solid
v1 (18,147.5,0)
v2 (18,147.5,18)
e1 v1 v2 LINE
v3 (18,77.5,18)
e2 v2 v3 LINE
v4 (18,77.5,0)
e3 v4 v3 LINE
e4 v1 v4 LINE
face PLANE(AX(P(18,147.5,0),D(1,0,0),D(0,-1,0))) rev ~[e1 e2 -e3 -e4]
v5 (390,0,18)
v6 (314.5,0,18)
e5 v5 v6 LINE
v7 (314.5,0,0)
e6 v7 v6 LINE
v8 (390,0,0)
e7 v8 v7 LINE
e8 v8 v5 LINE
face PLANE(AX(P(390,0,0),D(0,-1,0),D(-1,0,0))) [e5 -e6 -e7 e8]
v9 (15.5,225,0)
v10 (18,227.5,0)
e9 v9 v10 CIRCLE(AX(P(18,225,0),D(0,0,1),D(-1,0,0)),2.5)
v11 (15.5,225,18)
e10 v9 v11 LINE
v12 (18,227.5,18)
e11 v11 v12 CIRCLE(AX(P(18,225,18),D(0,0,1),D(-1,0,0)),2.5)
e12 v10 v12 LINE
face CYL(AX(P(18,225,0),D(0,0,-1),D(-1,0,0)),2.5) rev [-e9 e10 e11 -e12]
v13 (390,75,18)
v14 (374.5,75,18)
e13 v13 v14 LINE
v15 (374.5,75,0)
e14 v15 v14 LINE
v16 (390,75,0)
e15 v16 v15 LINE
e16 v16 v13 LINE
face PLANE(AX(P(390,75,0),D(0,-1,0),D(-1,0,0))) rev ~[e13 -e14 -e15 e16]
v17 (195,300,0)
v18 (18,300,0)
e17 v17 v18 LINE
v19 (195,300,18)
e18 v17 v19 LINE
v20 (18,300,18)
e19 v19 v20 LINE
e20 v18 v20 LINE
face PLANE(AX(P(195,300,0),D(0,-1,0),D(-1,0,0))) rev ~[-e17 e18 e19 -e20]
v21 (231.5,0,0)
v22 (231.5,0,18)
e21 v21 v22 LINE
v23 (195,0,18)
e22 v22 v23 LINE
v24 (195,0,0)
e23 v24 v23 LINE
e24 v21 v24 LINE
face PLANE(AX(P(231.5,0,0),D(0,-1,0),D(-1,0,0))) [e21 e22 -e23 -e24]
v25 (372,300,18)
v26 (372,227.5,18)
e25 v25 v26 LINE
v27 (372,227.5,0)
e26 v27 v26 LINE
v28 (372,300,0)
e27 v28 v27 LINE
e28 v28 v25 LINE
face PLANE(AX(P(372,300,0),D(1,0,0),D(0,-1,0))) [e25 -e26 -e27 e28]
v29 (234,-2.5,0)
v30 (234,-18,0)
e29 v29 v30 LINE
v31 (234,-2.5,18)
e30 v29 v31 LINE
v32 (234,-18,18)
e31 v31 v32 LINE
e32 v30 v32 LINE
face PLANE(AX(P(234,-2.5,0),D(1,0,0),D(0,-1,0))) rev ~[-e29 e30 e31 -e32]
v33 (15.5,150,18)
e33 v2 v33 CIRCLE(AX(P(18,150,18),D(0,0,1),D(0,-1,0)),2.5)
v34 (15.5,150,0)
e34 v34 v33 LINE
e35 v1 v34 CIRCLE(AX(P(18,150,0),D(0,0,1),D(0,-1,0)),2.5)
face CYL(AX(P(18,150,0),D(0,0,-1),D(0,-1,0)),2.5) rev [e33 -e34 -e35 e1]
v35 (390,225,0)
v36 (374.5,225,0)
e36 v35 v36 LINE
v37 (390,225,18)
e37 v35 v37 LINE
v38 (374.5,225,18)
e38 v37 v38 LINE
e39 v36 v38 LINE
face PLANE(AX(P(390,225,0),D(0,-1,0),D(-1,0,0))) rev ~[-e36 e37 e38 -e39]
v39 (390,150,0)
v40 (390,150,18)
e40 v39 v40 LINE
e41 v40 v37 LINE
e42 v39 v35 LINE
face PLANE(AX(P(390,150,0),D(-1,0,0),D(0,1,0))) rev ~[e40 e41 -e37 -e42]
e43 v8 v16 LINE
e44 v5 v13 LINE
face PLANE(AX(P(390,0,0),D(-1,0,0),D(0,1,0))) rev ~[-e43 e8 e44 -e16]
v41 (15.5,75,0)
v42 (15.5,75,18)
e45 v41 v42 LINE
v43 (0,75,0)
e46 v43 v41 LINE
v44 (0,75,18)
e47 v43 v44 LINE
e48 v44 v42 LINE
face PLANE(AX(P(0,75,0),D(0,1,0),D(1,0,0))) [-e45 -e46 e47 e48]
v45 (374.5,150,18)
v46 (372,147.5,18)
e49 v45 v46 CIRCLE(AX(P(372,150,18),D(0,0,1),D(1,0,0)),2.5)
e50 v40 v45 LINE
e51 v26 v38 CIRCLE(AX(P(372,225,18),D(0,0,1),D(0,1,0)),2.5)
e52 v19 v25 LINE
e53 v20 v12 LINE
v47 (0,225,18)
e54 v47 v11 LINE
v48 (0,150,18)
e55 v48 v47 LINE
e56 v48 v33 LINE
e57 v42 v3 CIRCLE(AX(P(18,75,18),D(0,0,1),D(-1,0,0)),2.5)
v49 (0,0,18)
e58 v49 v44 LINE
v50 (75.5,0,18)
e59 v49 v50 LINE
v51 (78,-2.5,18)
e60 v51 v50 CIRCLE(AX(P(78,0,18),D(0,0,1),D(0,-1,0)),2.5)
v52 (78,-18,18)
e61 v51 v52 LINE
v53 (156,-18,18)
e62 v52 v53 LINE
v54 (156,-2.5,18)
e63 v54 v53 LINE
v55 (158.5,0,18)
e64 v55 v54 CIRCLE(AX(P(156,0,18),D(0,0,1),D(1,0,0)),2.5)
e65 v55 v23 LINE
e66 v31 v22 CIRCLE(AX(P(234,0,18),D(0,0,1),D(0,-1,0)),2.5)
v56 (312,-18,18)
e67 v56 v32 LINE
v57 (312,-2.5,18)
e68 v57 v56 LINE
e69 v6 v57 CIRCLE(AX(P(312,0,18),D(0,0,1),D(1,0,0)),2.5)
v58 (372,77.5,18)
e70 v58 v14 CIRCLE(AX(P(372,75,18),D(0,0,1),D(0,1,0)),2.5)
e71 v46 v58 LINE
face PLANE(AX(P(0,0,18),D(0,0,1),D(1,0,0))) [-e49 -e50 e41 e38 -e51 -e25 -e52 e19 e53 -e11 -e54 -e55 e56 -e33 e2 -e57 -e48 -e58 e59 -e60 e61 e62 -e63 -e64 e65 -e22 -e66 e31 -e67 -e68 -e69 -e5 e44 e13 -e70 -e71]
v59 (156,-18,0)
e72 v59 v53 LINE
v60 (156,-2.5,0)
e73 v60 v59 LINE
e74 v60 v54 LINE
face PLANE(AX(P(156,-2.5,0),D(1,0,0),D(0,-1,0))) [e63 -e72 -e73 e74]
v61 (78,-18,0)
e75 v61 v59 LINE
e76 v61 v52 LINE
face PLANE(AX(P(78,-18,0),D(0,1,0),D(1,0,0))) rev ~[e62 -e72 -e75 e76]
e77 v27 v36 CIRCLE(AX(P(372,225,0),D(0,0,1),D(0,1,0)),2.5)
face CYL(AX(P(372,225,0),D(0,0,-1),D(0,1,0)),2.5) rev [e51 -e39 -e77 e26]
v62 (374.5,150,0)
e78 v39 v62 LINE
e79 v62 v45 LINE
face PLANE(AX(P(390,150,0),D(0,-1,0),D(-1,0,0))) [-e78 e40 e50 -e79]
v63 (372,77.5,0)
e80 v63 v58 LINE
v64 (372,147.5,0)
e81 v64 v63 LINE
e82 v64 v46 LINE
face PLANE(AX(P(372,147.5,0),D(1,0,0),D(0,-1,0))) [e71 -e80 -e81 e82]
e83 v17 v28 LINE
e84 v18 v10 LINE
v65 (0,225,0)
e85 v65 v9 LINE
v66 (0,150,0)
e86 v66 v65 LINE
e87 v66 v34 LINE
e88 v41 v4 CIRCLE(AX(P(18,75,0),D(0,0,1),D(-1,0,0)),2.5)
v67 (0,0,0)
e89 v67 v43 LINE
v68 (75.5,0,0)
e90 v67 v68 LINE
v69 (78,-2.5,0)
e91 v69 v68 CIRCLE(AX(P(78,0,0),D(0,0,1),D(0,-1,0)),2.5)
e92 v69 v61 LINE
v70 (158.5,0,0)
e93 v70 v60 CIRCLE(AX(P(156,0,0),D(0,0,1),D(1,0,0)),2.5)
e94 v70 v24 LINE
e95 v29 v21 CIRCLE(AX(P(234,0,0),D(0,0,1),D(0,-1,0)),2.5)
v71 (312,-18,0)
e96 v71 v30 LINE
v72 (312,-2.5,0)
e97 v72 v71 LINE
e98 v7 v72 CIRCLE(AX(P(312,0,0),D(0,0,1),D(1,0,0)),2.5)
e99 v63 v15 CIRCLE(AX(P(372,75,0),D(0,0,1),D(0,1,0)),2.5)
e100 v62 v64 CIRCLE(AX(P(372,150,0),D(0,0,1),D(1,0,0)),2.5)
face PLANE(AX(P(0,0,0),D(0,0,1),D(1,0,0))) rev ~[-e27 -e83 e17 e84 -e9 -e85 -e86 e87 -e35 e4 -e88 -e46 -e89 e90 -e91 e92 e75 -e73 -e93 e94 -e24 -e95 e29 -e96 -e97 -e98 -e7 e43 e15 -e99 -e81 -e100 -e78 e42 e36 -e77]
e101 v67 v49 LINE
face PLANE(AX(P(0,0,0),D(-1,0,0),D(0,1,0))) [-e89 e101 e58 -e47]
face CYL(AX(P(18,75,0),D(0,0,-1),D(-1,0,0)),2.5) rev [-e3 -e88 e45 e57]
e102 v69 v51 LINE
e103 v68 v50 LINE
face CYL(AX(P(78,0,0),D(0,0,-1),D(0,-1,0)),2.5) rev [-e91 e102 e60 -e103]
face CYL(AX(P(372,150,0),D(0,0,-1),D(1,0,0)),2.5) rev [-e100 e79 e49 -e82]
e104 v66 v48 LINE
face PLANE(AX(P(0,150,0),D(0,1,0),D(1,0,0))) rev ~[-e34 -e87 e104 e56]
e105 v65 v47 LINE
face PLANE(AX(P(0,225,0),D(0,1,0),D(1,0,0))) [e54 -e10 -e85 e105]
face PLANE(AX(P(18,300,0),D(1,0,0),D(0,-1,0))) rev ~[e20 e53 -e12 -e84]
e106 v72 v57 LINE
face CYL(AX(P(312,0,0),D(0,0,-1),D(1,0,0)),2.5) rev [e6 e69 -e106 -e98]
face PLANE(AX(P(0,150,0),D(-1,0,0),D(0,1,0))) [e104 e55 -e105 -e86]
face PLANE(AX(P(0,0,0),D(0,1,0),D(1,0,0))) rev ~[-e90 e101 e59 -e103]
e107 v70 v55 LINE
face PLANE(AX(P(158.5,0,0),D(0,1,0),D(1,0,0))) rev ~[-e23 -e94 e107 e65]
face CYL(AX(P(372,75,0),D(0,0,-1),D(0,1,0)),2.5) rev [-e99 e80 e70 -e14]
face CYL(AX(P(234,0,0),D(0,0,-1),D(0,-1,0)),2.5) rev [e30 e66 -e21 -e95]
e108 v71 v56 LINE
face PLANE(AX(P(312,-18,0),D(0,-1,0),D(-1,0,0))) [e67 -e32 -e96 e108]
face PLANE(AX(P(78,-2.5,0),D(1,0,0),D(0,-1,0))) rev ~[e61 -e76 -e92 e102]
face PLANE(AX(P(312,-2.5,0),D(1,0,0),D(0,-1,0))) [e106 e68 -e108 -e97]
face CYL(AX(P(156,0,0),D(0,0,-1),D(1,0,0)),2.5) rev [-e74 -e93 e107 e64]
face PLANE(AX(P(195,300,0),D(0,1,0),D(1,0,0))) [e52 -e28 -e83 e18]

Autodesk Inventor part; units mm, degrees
ref_plane "YZ Plane" through (0, 0, 0) normal (1, 0, 0) x (0, 1, 0)
ref_plane "XZ Plane" through (0, 0, 0) normal (0, 1, 0) x (-1, 0, 0)
ref_plane "XY Plane" through (0, 0, 0) normal (0, 0, 1) x (1, 0, 0)
sketch "Sketch1" plane through (0, 0, 0) normal (0, 0, 1) x (1, 0, 0)
  line L0 (195, 300) -> (18, 300)
  line L1 (78, -2.5) -> (78, -18)
  line L2 (156, -2.5) -> (156, -18)
  line L3 (78, -18) -> (156, -18)
  line L4 (158.5, 0) -> (195, 0)
  line L5 (0, 0) -> (0, 75)
  line L6 (0, 150) -> (0, 225)
  line L7 (18, 300) -> (18, 227.5)
  line L8 (18, 147.5) -> (18, 77.5)
  line L9 (0, 0) -> (75.5, 0)
  arc A0 (15.5, 225) -> (18, 227.5) centre (18, 225) ccw
  line L10 (0, 225) -> (15.5, 225)
  arc A1 (18, 147.5) -> (15.5, 150) centre (18, 150) ccw
  line L11 (0, 150) -> (15.5, 150)
  arc A2 (15.5, 75) -> (18, 77.5) centre (18, 75) ccw
  line L12 (0, 75) -> (15.5, 75)
  arc A3 (78, -2.5) -> (75.5, 0) centre (78, 0) ccw
  arc A4 (158.5, 0) -> (156, -2.5) centre (156, 0) ccw
  line L13 (390, 150) -> (374.5, 150)
  arc A5 (374.5, 150) -> (372, 147.5) centre (372, 150) ccw
  line L14 (390, 225) -> (374.5, 225)
  line L15 (390, 150) -> (390, 225)
  arc A6 (372, 227.5) -> (374.5, 225) centre (372, 225) ccw
  line L16 (372, 147.5) -> (372, 77.5)
  line L17 (372, 300) -> (372, 227.5)
  line L18 (312, -2.5) -> (312, -18)
  line L19 (234, -2.5) -> (234, -18)
  line L20 (312, -18) -> (234, -18)
  line L21 (390, 75) -> (374.5, 75)
  line L22 (390, 0) -> (390, 75)
  line L23 (390, 0) -> (314.5, 0)
  arc A7 (314.5, 0) -> (312, -2.5) centre (312, 0) ccw
  arc A8 (234, -2.5) -> (231.5, 0) centre (234, 0) ccw
  arc A9 (372, 77.5) -> (374.5, 75) centre (372, 75) ccw
  line L24 (195, 300) -> (372, 300)
  line L25 (231.5, 0) -> (195, 0)
  dimension "d0" = 78
  dimension "d1" = 78
  dimension "d2" = 300
  dimension "d3" = 5
  dimension "d4" = 18
  dimension "d5" = 5
  dimension "d6" = 15.5
  dimension "d7" = 5
  dimension "d8" = 18
  dimension "d9" = 15.5
  dimension "d10" = 5
  dimension "d11" = 5
  dimension "d12" = 18
  dimension "d13" = 18
  dimension "d14" = 78
  dimension "d15" = 75
  dimension "d16" = 75
  dimension "d17" = 75
extrude "Extrusion1" add sketch "Sketch1" along normal blind 18
properties part number "cajon lat grande"
